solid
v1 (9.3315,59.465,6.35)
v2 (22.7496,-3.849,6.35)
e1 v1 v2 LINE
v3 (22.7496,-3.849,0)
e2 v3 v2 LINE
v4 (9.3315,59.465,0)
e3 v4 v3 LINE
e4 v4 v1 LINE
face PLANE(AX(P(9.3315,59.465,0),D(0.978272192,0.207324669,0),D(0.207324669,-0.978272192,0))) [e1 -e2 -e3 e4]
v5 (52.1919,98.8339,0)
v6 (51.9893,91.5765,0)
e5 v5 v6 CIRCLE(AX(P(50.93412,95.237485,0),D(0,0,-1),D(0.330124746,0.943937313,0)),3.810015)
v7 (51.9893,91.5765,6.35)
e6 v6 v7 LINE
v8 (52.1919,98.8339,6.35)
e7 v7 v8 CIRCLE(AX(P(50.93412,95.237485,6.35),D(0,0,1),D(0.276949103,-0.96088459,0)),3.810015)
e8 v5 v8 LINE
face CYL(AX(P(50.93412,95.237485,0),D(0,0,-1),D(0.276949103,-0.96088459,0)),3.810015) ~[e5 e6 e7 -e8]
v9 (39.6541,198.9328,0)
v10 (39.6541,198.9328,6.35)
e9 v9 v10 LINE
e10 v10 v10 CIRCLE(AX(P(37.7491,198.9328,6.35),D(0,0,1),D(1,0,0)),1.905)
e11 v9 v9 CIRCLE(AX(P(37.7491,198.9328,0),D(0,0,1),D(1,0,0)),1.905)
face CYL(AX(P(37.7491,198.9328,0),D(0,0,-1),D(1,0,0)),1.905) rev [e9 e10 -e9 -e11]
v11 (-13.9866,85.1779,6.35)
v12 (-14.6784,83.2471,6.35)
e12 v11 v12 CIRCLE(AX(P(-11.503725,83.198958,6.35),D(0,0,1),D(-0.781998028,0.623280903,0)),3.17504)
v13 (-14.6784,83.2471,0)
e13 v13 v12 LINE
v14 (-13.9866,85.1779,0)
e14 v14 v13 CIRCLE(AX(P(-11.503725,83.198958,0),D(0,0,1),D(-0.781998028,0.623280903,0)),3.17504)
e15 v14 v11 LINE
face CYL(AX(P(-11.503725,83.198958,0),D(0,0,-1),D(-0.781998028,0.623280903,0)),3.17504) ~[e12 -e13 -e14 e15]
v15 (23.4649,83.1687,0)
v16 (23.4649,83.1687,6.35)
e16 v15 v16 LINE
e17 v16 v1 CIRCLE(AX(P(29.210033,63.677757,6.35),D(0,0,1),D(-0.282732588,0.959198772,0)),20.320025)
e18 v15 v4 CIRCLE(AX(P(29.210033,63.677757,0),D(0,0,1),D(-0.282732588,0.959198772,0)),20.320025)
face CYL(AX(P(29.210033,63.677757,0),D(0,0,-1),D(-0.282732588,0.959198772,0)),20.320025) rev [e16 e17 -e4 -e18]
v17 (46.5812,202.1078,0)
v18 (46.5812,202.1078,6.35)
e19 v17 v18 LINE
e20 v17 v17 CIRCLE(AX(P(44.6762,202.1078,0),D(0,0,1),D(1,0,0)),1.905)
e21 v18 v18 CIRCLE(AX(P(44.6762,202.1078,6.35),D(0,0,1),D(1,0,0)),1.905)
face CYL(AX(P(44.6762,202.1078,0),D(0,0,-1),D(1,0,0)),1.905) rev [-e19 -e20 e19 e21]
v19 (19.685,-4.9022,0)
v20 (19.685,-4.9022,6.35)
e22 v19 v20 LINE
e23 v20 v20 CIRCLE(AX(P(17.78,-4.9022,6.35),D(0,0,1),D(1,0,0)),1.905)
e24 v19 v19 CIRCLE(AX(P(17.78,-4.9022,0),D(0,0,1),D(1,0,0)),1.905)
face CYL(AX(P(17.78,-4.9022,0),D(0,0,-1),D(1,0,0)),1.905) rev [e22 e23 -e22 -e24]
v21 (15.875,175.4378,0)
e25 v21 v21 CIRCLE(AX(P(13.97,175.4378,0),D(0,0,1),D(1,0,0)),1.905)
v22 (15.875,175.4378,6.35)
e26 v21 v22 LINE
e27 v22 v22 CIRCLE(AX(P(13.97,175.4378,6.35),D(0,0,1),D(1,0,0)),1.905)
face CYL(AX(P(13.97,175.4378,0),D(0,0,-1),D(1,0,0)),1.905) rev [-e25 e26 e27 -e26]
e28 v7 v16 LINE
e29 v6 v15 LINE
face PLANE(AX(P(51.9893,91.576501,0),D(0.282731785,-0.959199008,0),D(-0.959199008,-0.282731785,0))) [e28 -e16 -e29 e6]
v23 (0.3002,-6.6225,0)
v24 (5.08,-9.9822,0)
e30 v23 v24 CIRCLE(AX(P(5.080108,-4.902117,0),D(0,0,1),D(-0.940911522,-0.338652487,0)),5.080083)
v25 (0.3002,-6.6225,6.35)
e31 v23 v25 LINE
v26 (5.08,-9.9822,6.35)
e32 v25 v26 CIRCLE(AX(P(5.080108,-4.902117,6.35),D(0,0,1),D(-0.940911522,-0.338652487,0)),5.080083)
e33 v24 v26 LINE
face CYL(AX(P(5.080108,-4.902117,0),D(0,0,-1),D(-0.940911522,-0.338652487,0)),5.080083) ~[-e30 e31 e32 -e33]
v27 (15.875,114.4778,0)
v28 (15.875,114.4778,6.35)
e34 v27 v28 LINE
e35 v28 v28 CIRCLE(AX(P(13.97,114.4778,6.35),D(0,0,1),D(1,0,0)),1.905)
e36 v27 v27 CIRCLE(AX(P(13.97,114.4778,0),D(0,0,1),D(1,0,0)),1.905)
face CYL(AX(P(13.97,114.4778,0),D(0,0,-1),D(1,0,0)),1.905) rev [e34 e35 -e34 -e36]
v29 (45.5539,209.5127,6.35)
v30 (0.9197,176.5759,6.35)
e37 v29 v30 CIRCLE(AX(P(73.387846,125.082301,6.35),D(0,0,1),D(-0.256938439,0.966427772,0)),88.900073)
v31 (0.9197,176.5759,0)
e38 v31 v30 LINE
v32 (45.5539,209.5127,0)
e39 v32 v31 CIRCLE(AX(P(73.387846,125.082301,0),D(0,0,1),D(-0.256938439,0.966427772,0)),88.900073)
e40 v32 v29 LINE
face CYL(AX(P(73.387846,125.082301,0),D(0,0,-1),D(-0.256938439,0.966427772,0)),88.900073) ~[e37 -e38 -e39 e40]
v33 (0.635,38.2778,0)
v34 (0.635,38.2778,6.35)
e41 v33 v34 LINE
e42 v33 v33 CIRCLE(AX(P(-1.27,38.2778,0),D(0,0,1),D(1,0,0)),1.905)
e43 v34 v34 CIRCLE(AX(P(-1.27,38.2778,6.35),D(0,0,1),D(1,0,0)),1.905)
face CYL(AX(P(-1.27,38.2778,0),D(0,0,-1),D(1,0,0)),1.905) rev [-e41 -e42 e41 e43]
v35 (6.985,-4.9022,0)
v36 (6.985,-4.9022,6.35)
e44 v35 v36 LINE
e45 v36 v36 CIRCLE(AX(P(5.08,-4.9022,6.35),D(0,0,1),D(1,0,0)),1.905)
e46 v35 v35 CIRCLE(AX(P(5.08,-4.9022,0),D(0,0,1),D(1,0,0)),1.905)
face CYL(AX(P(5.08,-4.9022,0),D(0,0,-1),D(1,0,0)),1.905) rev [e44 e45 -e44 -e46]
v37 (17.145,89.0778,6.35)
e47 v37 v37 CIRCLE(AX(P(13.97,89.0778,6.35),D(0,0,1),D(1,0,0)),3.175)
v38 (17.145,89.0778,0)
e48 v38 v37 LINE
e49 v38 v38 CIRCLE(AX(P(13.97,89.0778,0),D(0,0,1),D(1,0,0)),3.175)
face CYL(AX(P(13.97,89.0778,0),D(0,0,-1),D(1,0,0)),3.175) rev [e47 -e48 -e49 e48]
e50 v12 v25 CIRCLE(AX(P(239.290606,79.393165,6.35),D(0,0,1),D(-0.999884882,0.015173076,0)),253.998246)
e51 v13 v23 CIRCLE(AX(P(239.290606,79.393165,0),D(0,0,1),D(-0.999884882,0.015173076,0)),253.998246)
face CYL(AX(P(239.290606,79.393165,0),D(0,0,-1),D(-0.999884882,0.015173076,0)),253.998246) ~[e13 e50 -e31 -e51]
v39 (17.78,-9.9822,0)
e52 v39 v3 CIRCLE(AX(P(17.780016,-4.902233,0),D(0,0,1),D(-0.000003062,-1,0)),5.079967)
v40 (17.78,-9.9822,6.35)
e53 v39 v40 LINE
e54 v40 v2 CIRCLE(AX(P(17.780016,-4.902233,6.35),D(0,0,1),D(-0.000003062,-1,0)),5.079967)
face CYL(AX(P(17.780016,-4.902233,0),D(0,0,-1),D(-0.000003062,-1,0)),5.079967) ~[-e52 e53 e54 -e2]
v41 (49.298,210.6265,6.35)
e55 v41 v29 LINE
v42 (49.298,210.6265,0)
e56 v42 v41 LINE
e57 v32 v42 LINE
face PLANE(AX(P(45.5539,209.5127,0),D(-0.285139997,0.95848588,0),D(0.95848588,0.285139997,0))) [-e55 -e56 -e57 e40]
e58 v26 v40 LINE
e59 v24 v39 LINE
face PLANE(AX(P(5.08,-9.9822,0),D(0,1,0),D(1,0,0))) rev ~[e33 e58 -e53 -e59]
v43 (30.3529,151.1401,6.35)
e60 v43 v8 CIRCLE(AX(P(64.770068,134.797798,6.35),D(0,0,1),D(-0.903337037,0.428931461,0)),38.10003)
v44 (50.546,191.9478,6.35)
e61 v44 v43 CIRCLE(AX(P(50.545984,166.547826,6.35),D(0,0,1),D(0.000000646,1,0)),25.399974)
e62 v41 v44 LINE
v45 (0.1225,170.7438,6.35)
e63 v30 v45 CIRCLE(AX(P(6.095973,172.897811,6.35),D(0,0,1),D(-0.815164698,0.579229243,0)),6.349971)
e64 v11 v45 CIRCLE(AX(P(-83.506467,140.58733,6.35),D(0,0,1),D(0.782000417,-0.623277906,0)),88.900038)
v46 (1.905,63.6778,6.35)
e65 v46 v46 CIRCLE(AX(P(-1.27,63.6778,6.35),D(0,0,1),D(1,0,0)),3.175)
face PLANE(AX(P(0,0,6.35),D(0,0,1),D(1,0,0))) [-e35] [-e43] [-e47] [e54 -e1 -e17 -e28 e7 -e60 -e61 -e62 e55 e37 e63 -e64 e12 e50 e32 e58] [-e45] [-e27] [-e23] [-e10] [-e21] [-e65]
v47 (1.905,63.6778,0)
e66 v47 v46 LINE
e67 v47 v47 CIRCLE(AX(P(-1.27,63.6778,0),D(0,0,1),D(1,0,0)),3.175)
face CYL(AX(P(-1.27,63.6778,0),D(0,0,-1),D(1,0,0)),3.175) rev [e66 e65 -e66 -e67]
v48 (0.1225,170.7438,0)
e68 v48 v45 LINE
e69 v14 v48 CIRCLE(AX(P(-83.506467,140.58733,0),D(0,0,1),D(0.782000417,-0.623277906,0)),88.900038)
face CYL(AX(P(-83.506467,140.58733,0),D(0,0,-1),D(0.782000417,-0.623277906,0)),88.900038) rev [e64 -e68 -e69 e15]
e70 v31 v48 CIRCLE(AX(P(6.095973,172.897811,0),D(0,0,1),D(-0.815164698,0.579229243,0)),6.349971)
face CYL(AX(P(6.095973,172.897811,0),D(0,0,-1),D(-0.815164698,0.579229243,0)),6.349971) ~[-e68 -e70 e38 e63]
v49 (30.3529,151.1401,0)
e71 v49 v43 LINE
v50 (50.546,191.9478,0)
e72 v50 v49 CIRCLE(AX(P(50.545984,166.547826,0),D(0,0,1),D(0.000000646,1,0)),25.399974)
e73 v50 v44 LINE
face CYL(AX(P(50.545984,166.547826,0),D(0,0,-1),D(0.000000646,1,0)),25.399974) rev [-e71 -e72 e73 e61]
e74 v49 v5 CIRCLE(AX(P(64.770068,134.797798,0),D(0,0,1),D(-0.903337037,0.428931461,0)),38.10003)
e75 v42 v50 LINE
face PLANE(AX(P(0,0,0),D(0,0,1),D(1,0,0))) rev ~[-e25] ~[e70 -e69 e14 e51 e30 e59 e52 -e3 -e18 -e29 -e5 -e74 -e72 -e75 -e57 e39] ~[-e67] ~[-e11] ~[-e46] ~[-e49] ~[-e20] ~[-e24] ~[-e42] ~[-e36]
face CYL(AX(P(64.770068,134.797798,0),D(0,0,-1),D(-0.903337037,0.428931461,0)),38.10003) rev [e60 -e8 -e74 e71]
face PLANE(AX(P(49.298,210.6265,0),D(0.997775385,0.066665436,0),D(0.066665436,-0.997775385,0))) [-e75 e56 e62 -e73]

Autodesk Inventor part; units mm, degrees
ref_plane "YZ Plane" through (0, 0, 0) normal (1, 0, 0) x (0, 1, 0)
ref_plane "XZ Plane" through (0, 0, 0) normal (0, 1, 0) x (-1, 0, 0)
ref_plane "XY Plane" through (0, 0, 0) normal (0, 0, 1) x (1, 0, 0)
sketch "Sketch1" plane through (0, 0, 0) normal (0, 0, 1) x (1, 0, 0)
  line L0 (-50.8, -25.4) -> (76.2, -25.4)
  line L1 (76.2, -25.4) -> (76.2, 228.6)
  line L2 (76.2, 228.6) -> (-51.6296, 228.6)
  circle A0 centre (5.08, -4.9022) radius 1.905
  circle A1 centre (-1.27, 63.6778) radius 3.175
  circle A2 centre (13.97, 89.0778) radius 3.175
  arc A3 (23.4649, 83.1687) -> (9.3315, 59.465) centre (29.21, 63.6778) ccw
  arc A4 (0.3002, -6.6225) -> (5.08, -9.9822) centre (5.08, -4.9022) ccw
  line L3 (5.08, -9.9822) -> (17.78, -9.9822)
  arc A5 (17.78, -9.9822) -> (22.7496, -3.849) centre (17.78, -4.9022) ccw
  line L4 (9.3315, 59.465) -> (22.7496, -3.849)
  arc A6 (-14.6784, 83.2471) -> (0.3002, -6.6225) centre (239.2924, 79.3933) ccw
  arc A7 (50.546, 191.9478) -> (30.3529, 151.1401) centre (50.546, 166.5478) ccw
  line L5 (50.546, 191.9478) -> (50.546, 210.9978)
  arc A8 (0.9197, 176.5759) -> (0.1225, 170.7438) centre (6.096, 172.8978) ccw
  arc A9 (50.546, 210.9978) -> (0.9197, 176.5759) centre (73.3878, 125.0824) ccw
  arc A10 (-13.9866, 85.1779) -> (0.1225, 170.7438) centre (-83.5064, 140.5873) ccw
  arc A11 (-13.9866, 85.1779) -> (-14.6784, 83.2471) centre (-11.5038, 83.199) ccw
  circle A12 centre (17.78, -4.9022) radius 1.905
  arc A13 (76.2, 171.1429) -> (75.486, 171.3598) centre (64.77, 134.7978) ccw
  arc A14 (30.3529, 151.1401) -> (52.1919, 98.8339) centre (64.77, 134.7978) ccw
  line L6 (-51.6296, 228.6) -> (-51.6296, 223.5757)
  line L7 (-50.8, -9.9822) -> (-50.8, -25.4)
  line L8 (45.5539, 209.5127) -> (50.546, 210.9978)
  arc A15 (55.9788, 92.7525) -> (55.982, 92.7794) centre (50.3052, 93.4393) ccw
  line L9 (48.0499, 210.2553) -> (50.546, 210.9978)
  line L10 (49.298, 210.6265) -> (50.546, 191.9478)
  line L11 (49.298, 210.6265) -> (49.1762, 210.5903)
  line L12 (49.1762, 210.5903) -> (50.546, 191.9478)
  arc A16 (51.9893, 91.5765) -> (52.1919, 98.8339) centre (50.9341, 95.2375) ccw
  line L13 (45.9382, 89.7529) -> (52.0334, 91.5895)
  line L14 (52.0334, 91.5895) -> (23.4649, 83.1687)
  circle A17 centre (13.97, 114.4778) radius 1.905
  circle A18 centre (13.97, 175.4378) radius 1.905
  circle A19 centre (44.6762, 202.1078) radius 1.905
  circle A20 centre (37.7491, 198.9328) radius 1.905
  circle A21 centre (-1.27, 38.2778) radius 1.905
  point P0 (0, 0)
  point P1 (50.546, 87.6896)
  dimension "d1" = 76.2
  dimension "d2" = 25.4
  dimension "d3" = 228.6
  dimension "d5" = 20.4978
  dimension "d6" = 3.81
  dimension "d7" = 6.35
  dimension "d8" = 89.0778
  dimension "d10" = 6.35
  dimension "d11" = 25.4
  dimension "d12" = 15.24
  dimension "d13" = 30.48
  dimension "d14" = 0
  dimension "d15" = 71.12
  dimension "d16" = 35.56
  dimension "d18" = 40.64
  dimension "d22" = 10.16
  dimension "d23" = 12.7
  dimension "d24" = 10.16
  dimension "d28" = 254
  dimension "d29" = 50.8
  dimension "d30" = 14.224
  dimension "d31" = 31.75
  dimension "d33" = 12.7
  dimension "d34" = 44.45
  dimension "d35" = 38.1
  dimension "d36" = 88.9
  dimension "d37" = 88.9
  dimension "d38" = 3.175
  dimension "d39" = 3.81
  dimension "d43" = 5.08
  dimension "d49" = 11.43
  dimension "d50" = 0.127
  dimension "d53" = 1.27
  dimension "d54" = 19.05
  dimension "d55" = 7.62
  dimension "d56" = 3.81
  dimension "d57" = 25.4
  dimension "d58" = 3.81
  dimension "d59" = 60.96
  dimension "d62" = 3.81
  dimension "d63" = 3.81
  dimension "d64" = 7.62
  dimension "d65" = 10.16
  dimension "d66" = 6.985
  dimension "d67" = 3.81
  dimension "d68" = 25.4
extrude "Extrusion6" add sketch "Sketch1" along normal blind 6.35 contours A3 L4 A5 L3 A4 A6 A11 A10 A8 A9 L8 L12 A7 A14 A16 L14 | L12 L8 L10
properties part number "One piece claw 1.0"
